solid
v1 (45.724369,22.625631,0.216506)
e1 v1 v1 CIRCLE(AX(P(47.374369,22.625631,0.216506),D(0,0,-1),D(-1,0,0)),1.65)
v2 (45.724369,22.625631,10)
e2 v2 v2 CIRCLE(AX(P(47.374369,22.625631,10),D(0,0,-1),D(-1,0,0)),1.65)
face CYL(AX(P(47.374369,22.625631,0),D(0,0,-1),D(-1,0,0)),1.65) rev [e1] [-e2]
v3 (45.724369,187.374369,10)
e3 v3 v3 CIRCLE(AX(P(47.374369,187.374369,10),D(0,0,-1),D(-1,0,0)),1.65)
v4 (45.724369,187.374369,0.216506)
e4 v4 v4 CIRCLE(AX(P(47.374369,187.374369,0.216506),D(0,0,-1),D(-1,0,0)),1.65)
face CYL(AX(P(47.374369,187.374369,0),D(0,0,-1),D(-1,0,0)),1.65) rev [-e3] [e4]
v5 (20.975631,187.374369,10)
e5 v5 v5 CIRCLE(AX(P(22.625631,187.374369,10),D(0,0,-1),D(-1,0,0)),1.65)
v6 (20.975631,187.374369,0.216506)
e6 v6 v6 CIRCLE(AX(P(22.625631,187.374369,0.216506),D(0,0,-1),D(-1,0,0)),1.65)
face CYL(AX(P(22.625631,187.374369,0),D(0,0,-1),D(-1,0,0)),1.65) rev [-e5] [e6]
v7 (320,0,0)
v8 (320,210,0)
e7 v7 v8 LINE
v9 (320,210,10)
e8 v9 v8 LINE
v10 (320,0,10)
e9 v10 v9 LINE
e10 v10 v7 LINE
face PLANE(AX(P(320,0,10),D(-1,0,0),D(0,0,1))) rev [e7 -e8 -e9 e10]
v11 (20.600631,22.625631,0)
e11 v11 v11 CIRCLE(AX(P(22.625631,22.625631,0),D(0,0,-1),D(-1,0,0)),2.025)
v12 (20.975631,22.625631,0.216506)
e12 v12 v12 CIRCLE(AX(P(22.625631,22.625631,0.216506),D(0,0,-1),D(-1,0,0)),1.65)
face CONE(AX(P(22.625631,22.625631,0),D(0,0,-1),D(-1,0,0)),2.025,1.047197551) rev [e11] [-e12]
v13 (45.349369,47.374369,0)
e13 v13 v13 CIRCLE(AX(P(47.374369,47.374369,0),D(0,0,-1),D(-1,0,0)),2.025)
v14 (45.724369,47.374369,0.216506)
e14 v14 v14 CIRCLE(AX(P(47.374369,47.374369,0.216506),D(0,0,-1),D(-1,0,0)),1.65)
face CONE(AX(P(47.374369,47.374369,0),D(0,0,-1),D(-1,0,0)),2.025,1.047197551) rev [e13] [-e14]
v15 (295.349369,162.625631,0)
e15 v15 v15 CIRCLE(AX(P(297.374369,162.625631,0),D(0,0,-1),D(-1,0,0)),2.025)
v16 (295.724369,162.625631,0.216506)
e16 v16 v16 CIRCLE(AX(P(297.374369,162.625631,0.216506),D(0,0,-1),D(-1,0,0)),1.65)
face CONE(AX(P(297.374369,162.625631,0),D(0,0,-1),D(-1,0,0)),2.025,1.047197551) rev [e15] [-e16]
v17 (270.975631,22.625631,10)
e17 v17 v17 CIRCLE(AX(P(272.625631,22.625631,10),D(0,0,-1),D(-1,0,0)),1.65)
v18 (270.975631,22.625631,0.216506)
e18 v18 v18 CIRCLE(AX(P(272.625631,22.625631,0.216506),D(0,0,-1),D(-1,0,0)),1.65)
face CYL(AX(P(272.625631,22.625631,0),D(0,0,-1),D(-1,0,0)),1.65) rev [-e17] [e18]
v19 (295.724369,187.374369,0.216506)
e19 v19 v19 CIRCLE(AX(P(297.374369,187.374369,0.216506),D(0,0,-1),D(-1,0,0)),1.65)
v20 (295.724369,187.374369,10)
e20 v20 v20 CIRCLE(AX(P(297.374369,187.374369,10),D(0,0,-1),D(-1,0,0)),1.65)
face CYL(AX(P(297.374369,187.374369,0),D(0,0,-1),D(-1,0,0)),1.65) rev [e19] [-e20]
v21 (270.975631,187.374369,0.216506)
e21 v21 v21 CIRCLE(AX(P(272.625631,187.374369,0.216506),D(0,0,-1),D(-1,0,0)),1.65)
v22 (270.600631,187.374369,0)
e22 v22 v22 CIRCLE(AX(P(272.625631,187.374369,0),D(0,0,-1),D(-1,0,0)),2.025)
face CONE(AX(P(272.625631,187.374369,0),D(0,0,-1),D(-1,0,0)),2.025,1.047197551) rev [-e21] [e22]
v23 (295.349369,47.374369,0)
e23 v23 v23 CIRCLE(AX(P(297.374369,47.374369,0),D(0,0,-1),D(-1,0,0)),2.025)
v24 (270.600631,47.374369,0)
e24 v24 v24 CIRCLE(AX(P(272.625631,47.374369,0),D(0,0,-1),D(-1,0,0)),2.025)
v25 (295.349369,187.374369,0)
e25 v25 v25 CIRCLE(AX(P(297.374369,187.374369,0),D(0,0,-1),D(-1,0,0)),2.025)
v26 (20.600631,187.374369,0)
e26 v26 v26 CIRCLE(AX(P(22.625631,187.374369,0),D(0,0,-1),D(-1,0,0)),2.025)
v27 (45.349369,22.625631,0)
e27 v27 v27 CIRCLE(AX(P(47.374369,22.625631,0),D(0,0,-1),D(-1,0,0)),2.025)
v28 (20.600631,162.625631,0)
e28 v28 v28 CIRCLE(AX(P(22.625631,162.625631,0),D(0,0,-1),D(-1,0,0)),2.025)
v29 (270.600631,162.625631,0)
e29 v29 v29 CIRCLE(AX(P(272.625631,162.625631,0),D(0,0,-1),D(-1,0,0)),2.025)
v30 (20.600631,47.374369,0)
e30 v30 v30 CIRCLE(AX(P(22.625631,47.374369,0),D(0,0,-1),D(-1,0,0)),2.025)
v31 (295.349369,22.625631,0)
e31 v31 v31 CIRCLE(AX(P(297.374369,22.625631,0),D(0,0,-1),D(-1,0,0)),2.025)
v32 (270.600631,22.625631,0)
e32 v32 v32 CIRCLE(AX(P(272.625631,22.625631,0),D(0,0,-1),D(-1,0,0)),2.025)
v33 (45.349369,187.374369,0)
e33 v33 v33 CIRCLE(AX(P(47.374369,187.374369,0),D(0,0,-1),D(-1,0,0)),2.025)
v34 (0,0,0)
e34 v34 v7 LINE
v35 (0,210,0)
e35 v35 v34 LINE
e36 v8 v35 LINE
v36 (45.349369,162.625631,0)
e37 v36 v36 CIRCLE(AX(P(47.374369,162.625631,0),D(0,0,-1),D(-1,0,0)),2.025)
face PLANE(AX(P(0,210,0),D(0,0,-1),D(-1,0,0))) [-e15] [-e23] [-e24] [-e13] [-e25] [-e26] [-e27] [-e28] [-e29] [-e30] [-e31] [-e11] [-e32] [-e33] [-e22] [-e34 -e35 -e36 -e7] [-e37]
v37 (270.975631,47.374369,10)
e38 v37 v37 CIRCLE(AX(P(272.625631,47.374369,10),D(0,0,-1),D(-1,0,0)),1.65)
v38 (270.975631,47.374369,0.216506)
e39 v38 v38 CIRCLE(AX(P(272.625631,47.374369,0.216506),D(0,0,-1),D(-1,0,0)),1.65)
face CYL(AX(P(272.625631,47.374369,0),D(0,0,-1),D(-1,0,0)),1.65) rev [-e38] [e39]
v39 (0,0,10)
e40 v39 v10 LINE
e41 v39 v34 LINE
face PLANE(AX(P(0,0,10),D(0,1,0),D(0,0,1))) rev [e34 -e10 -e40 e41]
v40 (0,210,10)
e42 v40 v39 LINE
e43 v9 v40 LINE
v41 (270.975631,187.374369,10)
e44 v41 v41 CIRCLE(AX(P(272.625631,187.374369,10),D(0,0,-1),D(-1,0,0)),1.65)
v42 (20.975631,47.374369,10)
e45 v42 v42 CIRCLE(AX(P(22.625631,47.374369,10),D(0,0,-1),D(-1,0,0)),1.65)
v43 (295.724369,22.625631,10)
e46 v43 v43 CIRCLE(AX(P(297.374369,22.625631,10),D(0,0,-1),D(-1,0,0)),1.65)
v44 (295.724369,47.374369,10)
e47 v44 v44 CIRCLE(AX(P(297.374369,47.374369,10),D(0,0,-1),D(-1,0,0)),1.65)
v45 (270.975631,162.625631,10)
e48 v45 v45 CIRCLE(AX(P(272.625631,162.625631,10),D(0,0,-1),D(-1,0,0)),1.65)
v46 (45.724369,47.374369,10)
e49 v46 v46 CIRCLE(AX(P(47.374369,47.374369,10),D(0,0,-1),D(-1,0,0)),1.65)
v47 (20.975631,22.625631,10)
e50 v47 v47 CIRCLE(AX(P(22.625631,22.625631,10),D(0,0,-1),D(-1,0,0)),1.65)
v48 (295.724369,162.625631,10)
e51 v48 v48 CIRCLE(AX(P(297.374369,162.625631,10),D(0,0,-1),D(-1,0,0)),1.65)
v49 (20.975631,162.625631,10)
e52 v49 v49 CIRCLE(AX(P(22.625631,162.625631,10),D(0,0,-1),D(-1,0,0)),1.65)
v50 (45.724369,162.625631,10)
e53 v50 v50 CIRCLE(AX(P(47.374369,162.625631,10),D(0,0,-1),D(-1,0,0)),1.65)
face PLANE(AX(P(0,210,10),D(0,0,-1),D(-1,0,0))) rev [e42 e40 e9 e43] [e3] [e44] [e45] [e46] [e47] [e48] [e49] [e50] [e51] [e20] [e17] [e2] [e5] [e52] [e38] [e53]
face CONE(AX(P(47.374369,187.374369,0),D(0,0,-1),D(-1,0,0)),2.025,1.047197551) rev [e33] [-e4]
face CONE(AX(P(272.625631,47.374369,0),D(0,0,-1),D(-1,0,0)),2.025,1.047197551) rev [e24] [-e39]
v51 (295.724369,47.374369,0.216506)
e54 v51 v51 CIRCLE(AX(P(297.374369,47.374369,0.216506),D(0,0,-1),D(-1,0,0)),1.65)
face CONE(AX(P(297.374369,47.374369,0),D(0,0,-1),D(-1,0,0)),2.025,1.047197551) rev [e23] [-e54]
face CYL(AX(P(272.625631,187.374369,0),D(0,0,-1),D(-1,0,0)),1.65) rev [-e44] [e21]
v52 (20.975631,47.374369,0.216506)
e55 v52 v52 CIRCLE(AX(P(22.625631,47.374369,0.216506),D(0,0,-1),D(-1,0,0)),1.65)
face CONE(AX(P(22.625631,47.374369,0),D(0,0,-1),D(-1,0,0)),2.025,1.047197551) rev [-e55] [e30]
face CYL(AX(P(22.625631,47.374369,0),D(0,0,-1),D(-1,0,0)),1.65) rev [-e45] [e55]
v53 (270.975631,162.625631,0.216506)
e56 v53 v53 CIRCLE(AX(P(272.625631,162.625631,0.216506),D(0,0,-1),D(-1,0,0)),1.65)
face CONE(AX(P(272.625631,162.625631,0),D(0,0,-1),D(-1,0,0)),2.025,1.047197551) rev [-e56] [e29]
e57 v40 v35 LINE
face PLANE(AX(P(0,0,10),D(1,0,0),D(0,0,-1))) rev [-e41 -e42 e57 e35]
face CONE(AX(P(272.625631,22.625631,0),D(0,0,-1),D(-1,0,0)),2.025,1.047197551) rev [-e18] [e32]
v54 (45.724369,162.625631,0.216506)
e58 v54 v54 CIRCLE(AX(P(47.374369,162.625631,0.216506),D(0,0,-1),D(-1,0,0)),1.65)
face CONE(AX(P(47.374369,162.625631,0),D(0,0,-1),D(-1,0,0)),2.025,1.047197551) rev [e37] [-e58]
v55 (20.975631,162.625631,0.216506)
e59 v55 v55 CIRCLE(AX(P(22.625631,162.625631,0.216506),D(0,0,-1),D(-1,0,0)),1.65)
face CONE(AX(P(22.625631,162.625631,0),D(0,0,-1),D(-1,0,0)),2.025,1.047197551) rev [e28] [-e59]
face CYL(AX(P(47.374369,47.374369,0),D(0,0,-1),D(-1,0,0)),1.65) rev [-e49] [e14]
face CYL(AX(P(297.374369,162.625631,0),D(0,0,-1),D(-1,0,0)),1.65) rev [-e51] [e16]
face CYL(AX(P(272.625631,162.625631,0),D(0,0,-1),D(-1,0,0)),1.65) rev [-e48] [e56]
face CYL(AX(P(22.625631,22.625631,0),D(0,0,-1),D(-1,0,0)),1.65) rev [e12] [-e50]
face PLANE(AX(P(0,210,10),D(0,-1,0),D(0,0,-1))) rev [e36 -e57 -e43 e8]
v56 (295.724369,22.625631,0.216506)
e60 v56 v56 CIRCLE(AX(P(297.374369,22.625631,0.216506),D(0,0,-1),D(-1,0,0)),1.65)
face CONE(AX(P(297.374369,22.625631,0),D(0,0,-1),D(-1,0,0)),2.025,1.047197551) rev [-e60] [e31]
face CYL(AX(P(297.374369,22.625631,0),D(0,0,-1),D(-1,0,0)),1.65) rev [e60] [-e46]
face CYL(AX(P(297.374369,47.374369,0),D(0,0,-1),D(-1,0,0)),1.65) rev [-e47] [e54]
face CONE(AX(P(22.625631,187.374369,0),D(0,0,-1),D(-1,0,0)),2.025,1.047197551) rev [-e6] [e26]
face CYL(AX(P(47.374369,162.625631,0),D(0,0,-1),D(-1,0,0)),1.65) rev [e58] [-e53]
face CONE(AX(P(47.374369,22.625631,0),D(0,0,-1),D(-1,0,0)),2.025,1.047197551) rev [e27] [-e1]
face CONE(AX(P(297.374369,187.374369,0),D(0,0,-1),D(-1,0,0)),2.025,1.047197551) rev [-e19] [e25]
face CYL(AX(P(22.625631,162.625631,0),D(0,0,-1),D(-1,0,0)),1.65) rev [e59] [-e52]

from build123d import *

# Parameters (mm, degrees)
SKETCH_1_W                  = 320
SKETCH_1_H                  = 210
EXTRUDE_1_DEPTH             = 10
HOLE_WIZARD_M41_D           = 3.3
HOLE_WIZARD_M41_DEPTH       = 11.5
HOLE_WIZARD_M41_CSINK_D     = 4.05
HOLE_WIZARD_M41_CSINK_ANGLE = 120
HOLE_WIZARD_M41_TIP         = 0.991420021


with BuildPart() as part:
    # Эскиз1 → Бобышка-Вытянуть1 (new body)
    with BuildSketch(Plane.XY):
        with Locations((160, 105)):
            Rectangle(SKETCH_1_W, SKETCH_1_H)
    extrude(amount=EXTRUDE_1_DEPTH)

    # Отверстие обработанное метчиком M41
    with Locations(Plane(origin=(0, 0, 0), x_dir=(-1, 0, 0), z_dir=(0, 0, -1))):
        with Locations((-22.625631329, 22.625631329), (-47.374368671, 22.625631329), (-47.374368671, 47.374368671), (-22.625631329, 47.374368671), (-297.374368671, 47.374368671), (-272.625631329, 47.374368671), (-272.625631329, 22.625631329), (-297.374368671, 22.625631329), (-22.625631329, 162.625631329), (-47.374368671, 162.625631329), (-47.374368671, 187.374368671), (-22.625631329, 187.374368671), (-297.374368671, 187.374368671), (-272.625631329, 187.374368671), (-272.625631329, 162.625631329), (-297.374368671, 162.625631329)):
            CounterSinkHole(HOLE_WIZARD_M41_D / 2, HOLE_WIZARD_M41_CSINK_D / 2, depth=HOLE_WIZARD_M41_DEPTH, counter_sink_angle=HOLE_WIZARD_M41_CSINK_ANGLE)
            with Locations((0, 0, -(HOLE_WIZARD_M41_DEPTH + HOLE_WIZARD_M41_TIP / 2))):  # 118° drill point
                Cone(0, HOLE_WIZARD_M41_D / 2, HOLE_WIZARD_M41_TIP, mode=Mode.SUBTRACT)


solid = part.part
